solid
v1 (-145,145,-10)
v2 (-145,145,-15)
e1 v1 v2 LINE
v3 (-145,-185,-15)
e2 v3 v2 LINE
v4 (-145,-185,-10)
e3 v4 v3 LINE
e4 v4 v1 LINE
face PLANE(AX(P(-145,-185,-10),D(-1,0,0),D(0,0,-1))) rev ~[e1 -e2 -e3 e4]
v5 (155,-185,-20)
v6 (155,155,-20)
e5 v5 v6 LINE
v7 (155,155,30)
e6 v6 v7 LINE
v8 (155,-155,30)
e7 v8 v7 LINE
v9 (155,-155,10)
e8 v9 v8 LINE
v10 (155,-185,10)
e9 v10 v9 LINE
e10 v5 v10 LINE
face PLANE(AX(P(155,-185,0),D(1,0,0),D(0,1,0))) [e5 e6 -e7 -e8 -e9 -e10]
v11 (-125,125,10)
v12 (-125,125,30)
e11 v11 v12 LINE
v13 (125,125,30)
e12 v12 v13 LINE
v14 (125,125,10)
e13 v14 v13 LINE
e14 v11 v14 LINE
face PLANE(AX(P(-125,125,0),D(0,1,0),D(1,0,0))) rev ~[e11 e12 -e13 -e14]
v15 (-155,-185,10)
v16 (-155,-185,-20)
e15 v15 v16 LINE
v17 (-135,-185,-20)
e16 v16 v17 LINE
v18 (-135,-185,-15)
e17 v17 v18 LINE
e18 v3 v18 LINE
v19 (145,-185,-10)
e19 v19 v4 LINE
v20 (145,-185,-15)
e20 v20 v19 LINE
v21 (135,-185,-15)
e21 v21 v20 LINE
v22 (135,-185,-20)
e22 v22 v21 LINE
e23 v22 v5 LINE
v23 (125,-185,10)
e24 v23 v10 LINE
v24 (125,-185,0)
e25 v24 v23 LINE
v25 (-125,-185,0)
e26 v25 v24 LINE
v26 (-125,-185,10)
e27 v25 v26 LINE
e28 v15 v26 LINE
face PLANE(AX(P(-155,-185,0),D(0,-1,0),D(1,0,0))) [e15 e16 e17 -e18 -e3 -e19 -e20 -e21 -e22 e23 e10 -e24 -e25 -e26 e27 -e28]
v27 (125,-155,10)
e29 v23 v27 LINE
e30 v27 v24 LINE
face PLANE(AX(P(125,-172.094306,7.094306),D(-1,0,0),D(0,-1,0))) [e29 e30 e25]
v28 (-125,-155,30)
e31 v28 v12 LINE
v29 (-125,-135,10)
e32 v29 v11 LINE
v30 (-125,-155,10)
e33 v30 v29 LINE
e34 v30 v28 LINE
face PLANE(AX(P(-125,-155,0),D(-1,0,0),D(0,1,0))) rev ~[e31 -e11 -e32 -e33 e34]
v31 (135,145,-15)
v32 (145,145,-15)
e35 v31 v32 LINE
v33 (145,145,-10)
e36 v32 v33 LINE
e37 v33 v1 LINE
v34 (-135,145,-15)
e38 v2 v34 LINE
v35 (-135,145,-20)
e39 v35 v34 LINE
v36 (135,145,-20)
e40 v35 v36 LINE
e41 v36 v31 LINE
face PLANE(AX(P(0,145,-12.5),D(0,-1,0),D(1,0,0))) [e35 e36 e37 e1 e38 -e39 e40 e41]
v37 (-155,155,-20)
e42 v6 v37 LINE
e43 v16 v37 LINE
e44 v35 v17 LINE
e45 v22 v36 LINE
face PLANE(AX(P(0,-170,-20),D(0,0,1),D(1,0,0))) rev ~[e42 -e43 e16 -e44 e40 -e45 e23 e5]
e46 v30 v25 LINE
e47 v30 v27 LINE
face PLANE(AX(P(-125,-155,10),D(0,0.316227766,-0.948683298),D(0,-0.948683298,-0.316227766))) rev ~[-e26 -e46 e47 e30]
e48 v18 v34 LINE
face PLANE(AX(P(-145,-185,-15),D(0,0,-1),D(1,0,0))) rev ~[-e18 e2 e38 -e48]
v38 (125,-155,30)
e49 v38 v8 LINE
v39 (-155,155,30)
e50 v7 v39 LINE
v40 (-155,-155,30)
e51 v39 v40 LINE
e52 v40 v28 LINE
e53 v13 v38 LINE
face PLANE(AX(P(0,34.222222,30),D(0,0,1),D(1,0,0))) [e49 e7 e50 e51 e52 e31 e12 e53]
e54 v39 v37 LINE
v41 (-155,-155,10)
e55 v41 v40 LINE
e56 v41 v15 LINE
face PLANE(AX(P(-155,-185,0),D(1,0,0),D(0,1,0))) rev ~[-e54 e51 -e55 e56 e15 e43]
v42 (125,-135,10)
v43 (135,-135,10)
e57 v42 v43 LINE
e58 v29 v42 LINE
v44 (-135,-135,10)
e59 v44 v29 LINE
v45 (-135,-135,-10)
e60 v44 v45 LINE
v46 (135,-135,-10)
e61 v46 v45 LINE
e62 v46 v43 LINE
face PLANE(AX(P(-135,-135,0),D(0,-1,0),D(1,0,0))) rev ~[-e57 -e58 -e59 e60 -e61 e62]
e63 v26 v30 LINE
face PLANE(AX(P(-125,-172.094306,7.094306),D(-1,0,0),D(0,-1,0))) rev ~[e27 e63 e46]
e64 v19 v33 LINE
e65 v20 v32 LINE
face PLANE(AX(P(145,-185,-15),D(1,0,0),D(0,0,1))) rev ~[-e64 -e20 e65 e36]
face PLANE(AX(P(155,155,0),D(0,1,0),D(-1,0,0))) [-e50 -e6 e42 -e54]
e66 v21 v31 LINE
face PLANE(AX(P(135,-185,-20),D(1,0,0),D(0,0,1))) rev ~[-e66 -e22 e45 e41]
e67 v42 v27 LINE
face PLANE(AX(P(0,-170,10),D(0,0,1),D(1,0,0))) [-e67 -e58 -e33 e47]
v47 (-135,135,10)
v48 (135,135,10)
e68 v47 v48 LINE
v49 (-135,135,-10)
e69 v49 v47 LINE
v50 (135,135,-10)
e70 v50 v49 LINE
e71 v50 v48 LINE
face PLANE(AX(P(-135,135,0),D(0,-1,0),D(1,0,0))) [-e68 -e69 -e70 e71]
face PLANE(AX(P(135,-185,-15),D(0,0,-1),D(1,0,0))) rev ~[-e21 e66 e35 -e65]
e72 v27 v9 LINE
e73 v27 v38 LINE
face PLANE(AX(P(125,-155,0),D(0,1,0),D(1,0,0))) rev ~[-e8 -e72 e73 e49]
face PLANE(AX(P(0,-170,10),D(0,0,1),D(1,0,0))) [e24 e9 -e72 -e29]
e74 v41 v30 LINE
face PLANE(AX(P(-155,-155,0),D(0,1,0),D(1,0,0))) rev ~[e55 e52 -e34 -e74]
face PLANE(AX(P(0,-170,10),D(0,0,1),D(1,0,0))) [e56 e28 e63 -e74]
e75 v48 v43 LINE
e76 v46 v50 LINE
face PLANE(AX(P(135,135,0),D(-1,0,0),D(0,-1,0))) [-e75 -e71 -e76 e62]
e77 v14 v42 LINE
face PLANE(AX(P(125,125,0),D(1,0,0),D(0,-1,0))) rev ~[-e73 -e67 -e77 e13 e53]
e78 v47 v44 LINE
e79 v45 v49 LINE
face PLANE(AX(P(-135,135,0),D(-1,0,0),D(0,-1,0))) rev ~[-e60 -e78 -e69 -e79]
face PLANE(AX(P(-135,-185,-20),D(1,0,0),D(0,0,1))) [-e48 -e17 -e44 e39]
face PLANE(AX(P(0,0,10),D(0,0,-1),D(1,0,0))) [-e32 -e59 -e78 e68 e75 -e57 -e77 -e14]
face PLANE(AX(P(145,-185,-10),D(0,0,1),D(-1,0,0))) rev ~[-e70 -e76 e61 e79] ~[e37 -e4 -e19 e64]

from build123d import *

# Parameters (mm, degrees)
F1_DEPTH  = 30
F2_DEPTH  = 10
F0_W      = 250
F0_H      = 250
F0_H_2    = 30
F3_DEPTH  = 10
F6_DEPTH  = 250
F7_W      = 270
F7_H      = 270
F8_DEPTH  = 10
F9_DEPTH  = 20
F10_W     = 270
F10_H     = 5
F11_DEPTH = 330


with BuildPart() as f1:
    # F0 (on Top) → F1 (new body)
    with BuildSketch(Plane.XY):
        Polygon((125, -155), (155, -155), (155, 155), (-155, 155), (-155, -155), (-125, -155), (-125, -125), (-125, 125), (125, 125), (125, -125), align=None)
    extrude(amount=F1_DEPTH)

    # F0 (on Top) → F2 (join)
    with BuildSketch(Plane.XY):
        Polygon((155, -185), (155, -155), (125, -155), (-125, -155), (-155, -155), (-155, -185), align=None)
        Polygon((125, -155), (155, -155), (155, 155), (-155, 155), (-155, -155), (-125, -155), (-125, -125), (-125, 125), (125, 125), (125, -125), align=None)
    extrude(amount=F2_DEPTH)

    # F0 (on Top) → F3 (join)
    with BuildSketch(Plane.XY):
        Rectangle(F0_W, F0_H)
        Polygon((125, -155), (155, -155), (155, 155), (-155, 155), (-155, -155), (-125, -155), (-125, -125), (-125, 125), (125, 125), (125, -125), align=None)
        Polygon((155, -185), (155, -155), (125, -155), (-125, -155), (-155, -155), (-155, -185), align=None)
        with Locations((0, -140)):
            Rectangle(F0_W, F0_H_2)
    extrude(amount=F3_DEPTH)

    # F5 (on offset) → F6 (cut)
    with BuildSketch(Plane(origin=(-125, 0, 0), x_dir=(0, -1, 0), z_dir=(-1, 0, 0))):
        Polygon((155, 10), (185, 0), (185, 10), align=None)
    extrude(amount=-F6_DEPTH, mode=Mode.SUBTRACT)

    # F7 (on face) → F8 (cut)
    with BuildSketch(Plane(origin=(0, 0, 0), x_dir=(1, 0, 0), z_dir=(0, 0, -1))):
        Rectangle(F7_W, F7_H)
    extrude(amount=-F8_DEPTH, mode=Mode.SUBTRACT)

    # F9 (add): a face of the model
    f9_faces = [f1.faces().sort_by_distance(p)[0] for p in [
        (150.3989131719, -15, 0),
    ]]
    extrude(f9_faces, amount=F9_DEPTH)

    # F10 (on face) → F11 (cut)
    with BuildSketch(Plane.XZ.offset(185)):
        Polygon((145, -10), (-145, -10), (-145, -15), (-135, -15), (135, -15), (145, -15), align=None)
        with Locations((0, -17.5)):
            Rectangle(F10_W, F10_H)
    extrude(amount=-F11_DEPTH, mode=Mode.SUBTRACT)


solid = f1.part
